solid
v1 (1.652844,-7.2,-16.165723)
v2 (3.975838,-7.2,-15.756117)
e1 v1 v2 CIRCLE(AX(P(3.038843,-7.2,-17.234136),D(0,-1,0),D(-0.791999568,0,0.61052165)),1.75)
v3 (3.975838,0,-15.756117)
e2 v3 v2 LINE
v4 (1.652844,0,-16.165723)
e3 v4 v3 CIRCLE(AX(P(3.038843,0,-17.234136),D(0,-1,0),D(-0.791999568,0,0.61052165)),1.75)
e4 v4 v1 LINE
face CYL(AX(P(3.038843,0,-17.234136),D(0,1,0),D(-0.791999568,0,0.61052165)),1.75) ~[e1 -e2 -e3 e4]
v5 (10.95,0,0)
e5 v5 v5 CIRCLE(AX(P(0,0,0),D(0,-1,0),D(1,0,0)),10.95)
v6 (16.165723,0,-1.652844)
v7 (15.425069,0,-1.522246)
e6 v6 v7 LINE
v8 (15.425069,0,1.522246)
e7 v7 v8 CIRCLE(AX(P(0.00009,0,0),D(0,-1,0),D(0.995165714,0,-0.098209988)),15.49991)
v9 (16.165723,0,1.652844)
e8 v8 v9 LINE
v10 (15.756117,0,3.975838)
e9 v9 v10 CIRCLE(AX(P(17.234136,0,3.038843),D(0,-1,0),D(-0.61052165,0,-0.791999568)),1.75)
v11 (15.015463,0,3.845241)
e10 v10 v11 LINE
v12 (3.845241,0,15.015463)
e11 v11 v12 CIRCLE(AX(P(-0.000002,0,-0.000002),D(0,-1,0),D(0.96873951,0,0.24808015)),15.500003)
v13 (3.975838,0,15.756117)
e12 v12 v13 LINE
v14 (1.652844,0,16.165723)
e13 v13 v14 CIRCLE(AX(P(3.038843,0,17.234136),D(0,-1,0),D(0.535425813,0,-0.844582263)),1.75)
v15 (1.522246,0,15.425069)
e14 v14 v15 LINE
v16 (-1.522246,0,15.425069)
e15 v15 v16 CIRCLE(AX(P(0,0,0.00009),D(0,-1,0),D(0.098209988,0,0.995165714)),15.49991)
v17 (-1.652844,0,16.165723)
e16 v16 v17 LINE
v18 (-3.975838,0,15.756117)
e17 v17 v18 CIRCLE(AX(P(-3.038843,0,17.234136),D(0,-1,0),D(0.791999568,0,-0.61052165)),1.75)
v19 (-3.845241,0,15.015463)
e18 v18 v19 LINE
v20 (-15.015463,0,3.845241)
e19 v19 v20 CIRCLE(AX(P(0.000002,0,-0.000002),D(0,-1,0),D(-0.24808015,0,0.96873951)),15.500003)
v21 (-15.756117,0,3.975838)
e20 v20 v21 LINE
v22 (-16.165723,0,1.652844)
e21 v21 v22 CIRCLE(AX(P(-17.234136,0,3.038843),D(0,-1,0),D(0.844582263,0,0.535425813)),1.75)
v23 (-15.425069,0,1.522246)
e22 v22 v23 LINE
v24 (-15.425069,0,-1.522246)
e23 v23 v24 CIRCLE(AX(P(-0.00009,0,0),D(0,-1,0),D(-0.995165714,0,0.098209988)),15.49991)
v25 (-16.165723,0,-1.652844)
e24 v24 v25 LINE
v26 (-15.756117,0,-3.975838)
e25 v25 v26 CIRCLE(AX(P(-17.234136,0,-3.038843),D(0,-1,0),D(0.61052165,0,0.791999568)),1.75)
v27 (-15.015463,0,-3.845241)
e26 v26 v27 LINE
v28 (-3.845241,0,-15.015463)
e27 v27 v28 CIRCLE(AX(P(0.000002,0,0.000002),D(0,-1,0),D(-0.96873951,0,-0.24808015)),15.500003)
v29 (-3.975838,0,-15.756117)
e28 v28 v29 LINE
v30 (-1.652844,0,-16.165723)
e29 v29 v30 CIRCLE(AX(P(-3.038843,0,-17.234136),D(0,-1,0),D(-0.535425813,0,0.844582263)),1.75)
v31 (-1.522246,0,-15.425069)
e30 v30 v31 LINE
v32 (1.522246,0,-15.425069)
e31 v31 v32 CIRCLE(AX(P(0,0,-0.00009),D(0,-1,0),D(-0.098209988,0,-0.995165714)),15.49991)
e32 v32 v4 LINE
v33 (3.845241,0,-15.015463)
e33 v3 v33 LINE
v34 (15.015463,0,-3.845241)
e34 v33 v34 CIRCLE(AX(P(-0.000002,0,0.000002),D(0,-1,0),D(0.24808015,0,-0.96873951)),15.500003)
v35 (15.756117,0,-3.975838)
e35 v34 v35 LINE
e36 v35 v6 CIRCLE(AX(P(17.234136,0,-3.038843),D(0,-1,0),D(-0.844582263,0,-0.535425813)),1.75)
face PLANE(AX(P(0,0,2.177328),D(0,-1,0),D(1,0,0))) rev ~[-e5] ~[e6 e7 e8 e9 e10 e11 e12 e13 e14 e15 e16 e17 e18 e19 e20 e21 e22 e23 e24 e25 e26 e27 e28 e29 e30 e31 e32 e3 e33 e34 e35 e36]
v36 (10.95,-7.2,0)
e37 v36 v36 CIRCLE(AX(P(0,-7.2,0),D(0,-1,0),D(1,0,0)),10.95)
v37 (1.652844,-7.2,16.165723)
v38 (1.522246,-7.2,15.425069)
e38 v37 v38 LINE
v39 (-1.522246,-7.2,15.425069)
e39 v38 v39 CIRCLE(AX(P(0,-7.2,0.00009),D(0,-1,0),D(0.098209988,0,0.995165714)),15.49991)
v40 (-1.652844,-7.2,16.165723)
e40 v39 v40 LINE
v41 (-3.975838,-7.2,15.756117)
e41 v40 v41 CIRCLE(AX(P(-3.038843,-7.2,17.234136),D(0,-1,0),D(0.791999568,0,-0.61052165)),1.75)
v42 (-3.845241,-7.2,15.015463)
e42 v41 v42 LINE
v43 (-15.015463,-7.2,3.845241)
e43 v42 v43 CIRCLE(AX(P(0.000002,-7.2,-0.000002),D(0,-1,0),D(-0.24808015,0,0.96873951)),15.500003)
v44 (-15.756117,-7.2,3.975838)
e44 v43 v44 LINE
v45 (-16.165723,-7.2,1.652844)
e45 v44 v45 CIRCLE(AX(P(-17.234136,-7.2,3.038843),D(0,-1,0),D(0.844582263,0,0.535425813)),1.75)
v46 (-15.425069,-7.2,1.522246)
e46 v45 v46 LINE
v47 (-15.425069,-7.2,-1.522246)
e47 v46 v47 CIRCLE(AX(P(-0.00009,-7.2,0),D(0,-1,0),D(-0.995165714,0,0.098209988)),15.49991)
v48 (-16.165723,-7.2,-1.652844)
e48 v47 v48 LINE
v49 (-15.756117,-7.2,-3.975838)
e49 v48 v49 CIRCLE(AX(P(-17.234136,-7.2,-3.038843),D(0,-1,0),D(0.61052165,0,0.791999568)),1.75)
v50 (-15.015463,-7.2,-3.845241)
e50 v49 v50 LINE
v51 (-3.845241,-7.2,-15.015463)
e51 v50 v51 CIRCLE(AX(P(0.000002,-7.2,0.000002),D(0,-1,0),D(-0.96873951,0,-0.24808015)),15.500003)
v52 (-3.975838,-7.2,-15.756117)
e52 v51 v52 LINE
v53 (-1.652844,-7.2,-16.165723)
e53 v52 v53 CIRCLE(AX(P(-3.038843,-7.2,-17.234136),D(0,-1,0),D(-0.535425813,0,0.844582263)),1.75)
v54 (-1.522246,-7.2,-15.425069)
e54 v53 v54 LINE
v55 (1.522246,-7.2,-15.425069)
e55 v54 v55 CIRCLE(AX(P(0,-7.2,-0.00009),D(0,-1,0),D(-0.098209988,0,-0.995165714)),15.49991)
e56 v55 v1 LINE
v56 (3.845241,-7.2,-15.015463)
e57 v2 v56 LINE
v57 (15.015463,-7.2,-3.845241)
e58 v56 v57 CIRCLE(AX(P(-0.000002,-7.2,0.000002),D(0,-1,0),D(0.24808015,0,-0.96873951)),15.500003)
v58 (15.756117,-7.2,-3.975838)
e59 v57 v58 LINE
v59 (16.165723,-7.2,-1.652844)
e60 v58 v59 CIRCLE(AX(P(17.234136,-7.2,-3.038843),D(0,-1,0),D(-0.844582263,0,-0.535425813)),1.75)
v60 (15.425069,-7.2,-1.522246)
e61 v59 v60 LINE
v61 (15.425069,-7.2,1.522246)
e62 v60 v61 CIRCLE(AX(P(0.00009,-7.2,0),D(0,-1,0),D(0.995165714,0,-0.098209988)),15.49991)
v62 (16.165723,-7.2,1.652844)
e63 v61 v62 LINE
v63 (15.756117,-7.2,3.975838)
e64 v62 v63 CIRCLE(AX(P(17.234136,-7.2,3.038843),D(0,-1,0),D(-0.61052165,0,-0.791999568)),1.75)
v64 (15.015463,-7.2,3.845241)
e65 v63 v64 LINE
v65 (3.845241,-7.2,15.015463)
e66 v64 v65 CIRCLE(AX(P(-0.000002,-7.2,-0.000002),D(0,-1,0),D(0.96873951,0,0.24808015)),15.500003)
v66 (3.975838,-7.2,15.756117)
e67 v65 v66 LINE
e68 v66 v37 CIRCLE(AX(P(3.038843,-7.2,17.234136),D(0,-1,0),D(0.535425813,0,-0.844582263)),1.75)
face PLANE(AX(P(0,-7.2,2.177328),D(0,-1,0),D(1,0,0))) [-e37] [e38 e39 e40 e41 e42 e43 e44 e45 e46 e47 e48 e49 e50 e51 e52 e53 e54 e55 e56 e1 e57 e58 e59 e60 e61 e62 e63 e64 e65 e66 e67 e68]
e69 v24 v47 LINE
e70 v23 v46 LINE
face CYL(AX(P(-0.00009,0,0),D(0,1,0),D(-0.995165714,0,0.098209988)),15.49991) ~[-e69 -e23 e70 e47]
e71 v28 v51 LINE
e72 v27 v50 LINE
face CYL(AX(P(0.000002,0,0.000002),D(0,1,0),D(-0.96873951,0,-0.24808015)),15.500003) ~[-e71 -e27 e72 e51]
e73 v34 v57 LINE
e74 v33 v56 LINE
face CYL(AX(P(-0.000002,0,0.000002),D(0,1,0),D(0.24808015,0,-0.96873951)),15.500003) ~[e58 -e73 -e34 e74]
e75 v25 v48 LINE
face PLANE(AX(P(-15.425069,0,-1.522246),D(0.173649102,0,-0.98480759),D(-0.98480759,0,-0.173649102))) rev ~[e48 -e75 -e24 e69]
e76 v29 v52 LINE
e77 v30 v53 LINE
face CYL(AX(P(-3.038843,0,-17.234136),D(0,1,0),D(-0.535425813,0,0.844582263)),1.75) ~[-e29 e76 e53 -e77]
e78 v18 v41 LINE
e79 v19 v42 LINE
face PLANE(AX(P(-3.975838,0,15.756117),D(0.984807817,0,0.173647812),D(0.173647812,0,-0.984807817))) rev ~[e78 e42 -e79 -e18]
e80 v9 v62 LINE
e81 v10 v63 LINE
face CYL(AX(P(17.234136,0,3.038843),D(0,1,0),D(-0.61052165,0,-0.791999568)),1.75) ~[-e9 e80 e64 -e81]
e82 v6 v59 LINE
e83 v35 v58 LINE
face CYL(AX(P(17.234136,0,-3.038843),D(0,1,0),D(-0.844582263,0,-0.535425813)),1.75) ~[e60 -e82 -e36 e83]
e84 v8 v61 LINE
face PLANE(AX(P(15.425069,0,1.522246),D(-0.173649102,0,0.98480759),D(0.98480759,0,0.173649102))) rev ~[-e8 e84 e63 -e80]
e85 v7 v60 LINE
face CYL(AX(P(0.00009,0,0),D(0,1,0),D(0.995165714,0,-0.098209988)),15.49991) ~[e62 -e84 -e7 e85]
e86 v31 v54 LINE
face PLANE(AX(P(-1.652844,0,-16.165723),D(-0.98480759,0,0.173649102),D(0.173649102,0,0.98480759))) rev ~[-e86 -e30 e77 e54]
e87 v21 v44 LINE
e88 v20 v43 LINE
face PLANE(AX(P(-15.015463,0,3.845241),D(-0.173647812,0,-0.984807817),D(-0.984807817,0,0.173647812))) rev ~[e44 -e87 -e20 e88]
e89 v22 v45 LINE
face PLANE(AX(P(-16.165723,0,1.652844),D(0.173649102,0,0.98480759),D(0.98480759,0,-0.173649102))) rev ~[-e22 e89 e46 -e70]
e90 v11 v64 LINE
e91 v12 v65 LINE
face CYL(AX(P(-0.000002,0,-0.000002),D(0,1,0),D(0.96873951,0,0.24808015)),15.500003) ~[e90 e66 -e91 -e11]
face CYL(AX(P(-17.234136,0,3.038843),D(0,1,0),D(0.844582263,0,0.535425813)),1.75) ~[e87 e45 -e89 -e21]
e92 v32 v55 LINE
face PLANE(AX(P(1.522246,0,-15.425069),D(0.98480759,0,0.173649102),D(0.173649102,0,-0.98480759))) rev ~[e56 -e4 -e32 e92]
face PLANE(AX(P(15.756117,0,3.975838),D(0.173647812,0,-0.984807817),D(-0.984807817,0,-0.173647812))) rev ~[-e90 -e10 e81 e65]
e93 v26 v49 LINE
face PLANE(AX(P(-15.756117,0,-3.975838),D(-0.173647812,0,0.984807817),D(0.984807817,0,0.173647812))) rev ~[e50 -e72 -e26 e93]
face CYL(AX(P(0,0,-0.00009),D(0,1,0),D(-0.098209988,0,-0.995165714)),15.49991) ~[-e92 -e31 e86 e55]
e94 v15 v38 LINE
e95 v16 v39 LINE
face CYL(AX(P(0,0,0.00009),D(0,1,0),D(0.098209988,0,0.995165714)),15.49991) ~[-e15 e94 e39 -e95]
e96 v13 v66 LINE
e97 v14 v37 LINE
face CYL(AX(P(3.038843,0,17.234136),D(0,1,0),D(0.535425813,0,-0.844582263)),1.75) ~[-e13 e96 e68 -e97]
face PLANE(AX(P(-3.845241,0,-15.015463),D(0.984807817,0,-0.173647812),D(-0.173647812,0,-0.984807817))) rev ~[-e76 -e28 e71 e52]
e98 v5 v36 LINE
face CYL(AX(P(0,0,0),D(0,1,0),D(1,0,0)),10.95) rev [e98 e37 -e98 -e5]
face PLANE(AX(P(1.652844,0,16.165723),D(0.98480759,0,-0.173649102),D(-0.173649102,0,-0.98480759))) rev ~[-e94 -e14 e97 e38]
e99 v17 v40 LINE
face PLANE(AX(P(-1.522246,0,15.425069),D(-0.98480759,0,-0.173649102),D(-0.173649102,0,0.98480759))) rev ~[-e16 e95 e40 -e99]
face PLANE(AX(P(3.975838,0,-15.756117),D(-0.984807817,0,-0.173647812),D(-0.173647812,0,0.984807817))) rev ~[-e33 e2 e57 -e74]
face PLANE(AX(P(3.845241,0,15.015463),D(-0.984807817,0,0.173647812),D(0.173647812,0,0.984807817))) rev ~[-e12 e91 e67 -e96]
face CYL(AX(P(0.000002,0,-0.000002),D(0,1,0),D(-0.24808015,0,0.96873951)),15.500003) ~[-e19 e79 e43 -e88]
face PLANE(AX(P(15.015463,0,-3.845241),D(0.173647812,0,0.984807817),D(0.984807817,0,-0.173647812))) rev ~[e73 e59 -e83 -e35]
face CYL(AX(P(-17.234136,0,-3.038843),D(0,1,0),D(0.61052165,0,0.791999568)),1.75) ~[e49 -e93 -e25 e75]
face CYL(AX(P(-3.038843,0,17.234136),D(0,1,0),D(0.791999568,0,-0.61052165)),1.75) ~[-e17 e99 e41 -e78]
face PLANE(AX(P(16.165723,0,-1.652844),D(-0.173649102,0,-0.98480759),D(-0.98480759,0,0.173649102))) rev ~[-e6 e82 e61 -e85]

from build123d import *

# Parameters (mm, degrees)
F0_R     = 10.95
F1_DEPTH = 7.2


with BuildPart() as f1:
    # F0 (on Front) → F1 (new body)
    with BuildSketch(Plane.XZ):
        with BuildLine():
            Line((-3.975838, 15.756117), (-3.845241, 15.015463))
            ThreePointArc((-3.845241, 15.015463), (-10.960155, 10.960155), (-15.015463, 3.845241))
            ThreePointArc((-15.015463, 3.845241), (-15.26452, 2.691547), (-15.425069, 1.522246))
            ThreePointArc((-15.425069, 1.522246), (-15.5, 0), (-15.425069, -1.522246))
            ThreePointArc((-15.425069, -1.522246), (-15.26452, -2.691547), (-15.015463, -3.845241))
            ThreePointArc((-15.015463, -3.845241), (-10.960155, -10.960155), (-3.845241, -15.015463))
            ThreePointArc((-3.845241, -15.015463), (-2.691547, -15.26452), (-1.522246, -15.425069))
            ThreePointArc((-1.522246, -15.425069), (0, -15.5), (1.522246, -15.425069))
            ThreePointArc((1.522246, -15.425069), (2.691547, -15.26452), (3.845241, -15.015463))
            ThreePointArc((3.845241, -15.015463), (10.960155, -10.960155), (15.015463, -3.845241))
            ThreePointArc((15.015463, -3.845241), (15.26452, -2.691547), (15.425069, -1.522246))
            ThreePointArc((15.425069, -1.522246), (15.5, 0), (15.425069, 1.522246))
            ThreePointArc((15.425069, 1.522246), (15.26452, 2.691547), (15.015463, 3.845241))
            ThreePointArc((15.015463, 3.845241), (10.960155, 10.960155), (3.845241, 15.015463))
            Line((3.845241, 15.015463), (3.975838, 15.756117))
            ThreePointArc((3.975838, 15.756117), (3.342727, 18.957549), (1.652844, 16.165723))
            Line((1.652844, 16.165723), (1.522246, 15.425069))
            ThreePointArc((1.522246, 15.425069), (0, 15.5), (-1.522246, 15.425069))
            Line((-1.522246, 15.425069), (-1.652844, 16.165723))
            ThreePointArc((-1.652844, 16.165723), (-3.342727, 18.957549), (-3.975838, 15.756117))
        make_face()
        Circle(F0_R, mode=Mode.SUBTRACT)
        with BuildLine():
            ThreePointArc((-15.425069, 1.522246), (-15.26452, 2.691547), (-15.015463, 3.845241))
            Line((-15.015463, 3.845241), (-15.756117, 3.975838))
            ThreePointArc((-15.756117, 3.975838), (-18.957549, 3.342727), (-16.165723, 1.652844))
            Line((-16.165723, 1.652844), (-15.425069, 1.522246))
        make_face()
        with BuildLine():
            ThreePointArc((-15.015463, -3.845241), (-15.26452, -2.691547), (-15.425069, -1.522246))
            Line((-15.425069, -1.522246), (-16.165723, -1.652844))
            ThreePointArc((-16.165723, -1.652844), (-18.957549, -3.342727), (-15.756117, -3.975838))
            Line((-15.756117, -3.975838), (-15.015463, -3.845241))
        make_face()
        with BuildLine():
            ThreePointArc((-1.522246, -15.425069), (-2.691547, -15.26452), (-3.845241, -15.015463))
            Line((-3.845241, -15.015463), (-3.975838, -15.756117))
            ThreePointArc((-3.975838, -15.756117), (-3.342727, -18.957549), (-1.652844, -16.165723))
            Line((-1.652844, -16.165723), (-1.522246, -15.425069))
        make_face()
        with BuildLine():
            ThreePointArc((3.845241, -15.015463), (2.691547, -15.26452), (1.522246, -15.425069))
            Line((1.522246, -15.425069), (1.652844, -16.165723))
            ThreePointArc((1.652844, -16.165723), (3.342727, -18.957549), (3.975838, -15.756117))
            Line((3.975838, -15.756117), (3.845241, -15.015463))
        make_face()
        with BuildLine():
            Line((15.756117, 3.975838), (15.015463, 3.845241))
            ThreePointArc((15.015463, 3.845241), (15.26452, 2.691547), (15.425069, 1.522246))
            Line((15.425069, 1.522246), (16.165723, 1.652844))
            ThreePointArc((16.165723, 1.652844), (18.957549, 3.342727), (15.756117, 3.975838))
        make_face()
        with BuildLine():
            ThreePointArc((15.425069, -1.522246), (15.26452, -2.691547), (15.015463, -3.845241))
            Line((15.015463, -3.845241), (15.756117, -3.975838))
            ThreePointArc((15.756117, -3.975838), (18.957549, -3.342727), (16.165723, -1.652844))
            Line((16.165723, -1.652844), (15.425069, -1.522246))
        make_face()
    extrude(amount=F1_DEPTH)


solid = f1.part
